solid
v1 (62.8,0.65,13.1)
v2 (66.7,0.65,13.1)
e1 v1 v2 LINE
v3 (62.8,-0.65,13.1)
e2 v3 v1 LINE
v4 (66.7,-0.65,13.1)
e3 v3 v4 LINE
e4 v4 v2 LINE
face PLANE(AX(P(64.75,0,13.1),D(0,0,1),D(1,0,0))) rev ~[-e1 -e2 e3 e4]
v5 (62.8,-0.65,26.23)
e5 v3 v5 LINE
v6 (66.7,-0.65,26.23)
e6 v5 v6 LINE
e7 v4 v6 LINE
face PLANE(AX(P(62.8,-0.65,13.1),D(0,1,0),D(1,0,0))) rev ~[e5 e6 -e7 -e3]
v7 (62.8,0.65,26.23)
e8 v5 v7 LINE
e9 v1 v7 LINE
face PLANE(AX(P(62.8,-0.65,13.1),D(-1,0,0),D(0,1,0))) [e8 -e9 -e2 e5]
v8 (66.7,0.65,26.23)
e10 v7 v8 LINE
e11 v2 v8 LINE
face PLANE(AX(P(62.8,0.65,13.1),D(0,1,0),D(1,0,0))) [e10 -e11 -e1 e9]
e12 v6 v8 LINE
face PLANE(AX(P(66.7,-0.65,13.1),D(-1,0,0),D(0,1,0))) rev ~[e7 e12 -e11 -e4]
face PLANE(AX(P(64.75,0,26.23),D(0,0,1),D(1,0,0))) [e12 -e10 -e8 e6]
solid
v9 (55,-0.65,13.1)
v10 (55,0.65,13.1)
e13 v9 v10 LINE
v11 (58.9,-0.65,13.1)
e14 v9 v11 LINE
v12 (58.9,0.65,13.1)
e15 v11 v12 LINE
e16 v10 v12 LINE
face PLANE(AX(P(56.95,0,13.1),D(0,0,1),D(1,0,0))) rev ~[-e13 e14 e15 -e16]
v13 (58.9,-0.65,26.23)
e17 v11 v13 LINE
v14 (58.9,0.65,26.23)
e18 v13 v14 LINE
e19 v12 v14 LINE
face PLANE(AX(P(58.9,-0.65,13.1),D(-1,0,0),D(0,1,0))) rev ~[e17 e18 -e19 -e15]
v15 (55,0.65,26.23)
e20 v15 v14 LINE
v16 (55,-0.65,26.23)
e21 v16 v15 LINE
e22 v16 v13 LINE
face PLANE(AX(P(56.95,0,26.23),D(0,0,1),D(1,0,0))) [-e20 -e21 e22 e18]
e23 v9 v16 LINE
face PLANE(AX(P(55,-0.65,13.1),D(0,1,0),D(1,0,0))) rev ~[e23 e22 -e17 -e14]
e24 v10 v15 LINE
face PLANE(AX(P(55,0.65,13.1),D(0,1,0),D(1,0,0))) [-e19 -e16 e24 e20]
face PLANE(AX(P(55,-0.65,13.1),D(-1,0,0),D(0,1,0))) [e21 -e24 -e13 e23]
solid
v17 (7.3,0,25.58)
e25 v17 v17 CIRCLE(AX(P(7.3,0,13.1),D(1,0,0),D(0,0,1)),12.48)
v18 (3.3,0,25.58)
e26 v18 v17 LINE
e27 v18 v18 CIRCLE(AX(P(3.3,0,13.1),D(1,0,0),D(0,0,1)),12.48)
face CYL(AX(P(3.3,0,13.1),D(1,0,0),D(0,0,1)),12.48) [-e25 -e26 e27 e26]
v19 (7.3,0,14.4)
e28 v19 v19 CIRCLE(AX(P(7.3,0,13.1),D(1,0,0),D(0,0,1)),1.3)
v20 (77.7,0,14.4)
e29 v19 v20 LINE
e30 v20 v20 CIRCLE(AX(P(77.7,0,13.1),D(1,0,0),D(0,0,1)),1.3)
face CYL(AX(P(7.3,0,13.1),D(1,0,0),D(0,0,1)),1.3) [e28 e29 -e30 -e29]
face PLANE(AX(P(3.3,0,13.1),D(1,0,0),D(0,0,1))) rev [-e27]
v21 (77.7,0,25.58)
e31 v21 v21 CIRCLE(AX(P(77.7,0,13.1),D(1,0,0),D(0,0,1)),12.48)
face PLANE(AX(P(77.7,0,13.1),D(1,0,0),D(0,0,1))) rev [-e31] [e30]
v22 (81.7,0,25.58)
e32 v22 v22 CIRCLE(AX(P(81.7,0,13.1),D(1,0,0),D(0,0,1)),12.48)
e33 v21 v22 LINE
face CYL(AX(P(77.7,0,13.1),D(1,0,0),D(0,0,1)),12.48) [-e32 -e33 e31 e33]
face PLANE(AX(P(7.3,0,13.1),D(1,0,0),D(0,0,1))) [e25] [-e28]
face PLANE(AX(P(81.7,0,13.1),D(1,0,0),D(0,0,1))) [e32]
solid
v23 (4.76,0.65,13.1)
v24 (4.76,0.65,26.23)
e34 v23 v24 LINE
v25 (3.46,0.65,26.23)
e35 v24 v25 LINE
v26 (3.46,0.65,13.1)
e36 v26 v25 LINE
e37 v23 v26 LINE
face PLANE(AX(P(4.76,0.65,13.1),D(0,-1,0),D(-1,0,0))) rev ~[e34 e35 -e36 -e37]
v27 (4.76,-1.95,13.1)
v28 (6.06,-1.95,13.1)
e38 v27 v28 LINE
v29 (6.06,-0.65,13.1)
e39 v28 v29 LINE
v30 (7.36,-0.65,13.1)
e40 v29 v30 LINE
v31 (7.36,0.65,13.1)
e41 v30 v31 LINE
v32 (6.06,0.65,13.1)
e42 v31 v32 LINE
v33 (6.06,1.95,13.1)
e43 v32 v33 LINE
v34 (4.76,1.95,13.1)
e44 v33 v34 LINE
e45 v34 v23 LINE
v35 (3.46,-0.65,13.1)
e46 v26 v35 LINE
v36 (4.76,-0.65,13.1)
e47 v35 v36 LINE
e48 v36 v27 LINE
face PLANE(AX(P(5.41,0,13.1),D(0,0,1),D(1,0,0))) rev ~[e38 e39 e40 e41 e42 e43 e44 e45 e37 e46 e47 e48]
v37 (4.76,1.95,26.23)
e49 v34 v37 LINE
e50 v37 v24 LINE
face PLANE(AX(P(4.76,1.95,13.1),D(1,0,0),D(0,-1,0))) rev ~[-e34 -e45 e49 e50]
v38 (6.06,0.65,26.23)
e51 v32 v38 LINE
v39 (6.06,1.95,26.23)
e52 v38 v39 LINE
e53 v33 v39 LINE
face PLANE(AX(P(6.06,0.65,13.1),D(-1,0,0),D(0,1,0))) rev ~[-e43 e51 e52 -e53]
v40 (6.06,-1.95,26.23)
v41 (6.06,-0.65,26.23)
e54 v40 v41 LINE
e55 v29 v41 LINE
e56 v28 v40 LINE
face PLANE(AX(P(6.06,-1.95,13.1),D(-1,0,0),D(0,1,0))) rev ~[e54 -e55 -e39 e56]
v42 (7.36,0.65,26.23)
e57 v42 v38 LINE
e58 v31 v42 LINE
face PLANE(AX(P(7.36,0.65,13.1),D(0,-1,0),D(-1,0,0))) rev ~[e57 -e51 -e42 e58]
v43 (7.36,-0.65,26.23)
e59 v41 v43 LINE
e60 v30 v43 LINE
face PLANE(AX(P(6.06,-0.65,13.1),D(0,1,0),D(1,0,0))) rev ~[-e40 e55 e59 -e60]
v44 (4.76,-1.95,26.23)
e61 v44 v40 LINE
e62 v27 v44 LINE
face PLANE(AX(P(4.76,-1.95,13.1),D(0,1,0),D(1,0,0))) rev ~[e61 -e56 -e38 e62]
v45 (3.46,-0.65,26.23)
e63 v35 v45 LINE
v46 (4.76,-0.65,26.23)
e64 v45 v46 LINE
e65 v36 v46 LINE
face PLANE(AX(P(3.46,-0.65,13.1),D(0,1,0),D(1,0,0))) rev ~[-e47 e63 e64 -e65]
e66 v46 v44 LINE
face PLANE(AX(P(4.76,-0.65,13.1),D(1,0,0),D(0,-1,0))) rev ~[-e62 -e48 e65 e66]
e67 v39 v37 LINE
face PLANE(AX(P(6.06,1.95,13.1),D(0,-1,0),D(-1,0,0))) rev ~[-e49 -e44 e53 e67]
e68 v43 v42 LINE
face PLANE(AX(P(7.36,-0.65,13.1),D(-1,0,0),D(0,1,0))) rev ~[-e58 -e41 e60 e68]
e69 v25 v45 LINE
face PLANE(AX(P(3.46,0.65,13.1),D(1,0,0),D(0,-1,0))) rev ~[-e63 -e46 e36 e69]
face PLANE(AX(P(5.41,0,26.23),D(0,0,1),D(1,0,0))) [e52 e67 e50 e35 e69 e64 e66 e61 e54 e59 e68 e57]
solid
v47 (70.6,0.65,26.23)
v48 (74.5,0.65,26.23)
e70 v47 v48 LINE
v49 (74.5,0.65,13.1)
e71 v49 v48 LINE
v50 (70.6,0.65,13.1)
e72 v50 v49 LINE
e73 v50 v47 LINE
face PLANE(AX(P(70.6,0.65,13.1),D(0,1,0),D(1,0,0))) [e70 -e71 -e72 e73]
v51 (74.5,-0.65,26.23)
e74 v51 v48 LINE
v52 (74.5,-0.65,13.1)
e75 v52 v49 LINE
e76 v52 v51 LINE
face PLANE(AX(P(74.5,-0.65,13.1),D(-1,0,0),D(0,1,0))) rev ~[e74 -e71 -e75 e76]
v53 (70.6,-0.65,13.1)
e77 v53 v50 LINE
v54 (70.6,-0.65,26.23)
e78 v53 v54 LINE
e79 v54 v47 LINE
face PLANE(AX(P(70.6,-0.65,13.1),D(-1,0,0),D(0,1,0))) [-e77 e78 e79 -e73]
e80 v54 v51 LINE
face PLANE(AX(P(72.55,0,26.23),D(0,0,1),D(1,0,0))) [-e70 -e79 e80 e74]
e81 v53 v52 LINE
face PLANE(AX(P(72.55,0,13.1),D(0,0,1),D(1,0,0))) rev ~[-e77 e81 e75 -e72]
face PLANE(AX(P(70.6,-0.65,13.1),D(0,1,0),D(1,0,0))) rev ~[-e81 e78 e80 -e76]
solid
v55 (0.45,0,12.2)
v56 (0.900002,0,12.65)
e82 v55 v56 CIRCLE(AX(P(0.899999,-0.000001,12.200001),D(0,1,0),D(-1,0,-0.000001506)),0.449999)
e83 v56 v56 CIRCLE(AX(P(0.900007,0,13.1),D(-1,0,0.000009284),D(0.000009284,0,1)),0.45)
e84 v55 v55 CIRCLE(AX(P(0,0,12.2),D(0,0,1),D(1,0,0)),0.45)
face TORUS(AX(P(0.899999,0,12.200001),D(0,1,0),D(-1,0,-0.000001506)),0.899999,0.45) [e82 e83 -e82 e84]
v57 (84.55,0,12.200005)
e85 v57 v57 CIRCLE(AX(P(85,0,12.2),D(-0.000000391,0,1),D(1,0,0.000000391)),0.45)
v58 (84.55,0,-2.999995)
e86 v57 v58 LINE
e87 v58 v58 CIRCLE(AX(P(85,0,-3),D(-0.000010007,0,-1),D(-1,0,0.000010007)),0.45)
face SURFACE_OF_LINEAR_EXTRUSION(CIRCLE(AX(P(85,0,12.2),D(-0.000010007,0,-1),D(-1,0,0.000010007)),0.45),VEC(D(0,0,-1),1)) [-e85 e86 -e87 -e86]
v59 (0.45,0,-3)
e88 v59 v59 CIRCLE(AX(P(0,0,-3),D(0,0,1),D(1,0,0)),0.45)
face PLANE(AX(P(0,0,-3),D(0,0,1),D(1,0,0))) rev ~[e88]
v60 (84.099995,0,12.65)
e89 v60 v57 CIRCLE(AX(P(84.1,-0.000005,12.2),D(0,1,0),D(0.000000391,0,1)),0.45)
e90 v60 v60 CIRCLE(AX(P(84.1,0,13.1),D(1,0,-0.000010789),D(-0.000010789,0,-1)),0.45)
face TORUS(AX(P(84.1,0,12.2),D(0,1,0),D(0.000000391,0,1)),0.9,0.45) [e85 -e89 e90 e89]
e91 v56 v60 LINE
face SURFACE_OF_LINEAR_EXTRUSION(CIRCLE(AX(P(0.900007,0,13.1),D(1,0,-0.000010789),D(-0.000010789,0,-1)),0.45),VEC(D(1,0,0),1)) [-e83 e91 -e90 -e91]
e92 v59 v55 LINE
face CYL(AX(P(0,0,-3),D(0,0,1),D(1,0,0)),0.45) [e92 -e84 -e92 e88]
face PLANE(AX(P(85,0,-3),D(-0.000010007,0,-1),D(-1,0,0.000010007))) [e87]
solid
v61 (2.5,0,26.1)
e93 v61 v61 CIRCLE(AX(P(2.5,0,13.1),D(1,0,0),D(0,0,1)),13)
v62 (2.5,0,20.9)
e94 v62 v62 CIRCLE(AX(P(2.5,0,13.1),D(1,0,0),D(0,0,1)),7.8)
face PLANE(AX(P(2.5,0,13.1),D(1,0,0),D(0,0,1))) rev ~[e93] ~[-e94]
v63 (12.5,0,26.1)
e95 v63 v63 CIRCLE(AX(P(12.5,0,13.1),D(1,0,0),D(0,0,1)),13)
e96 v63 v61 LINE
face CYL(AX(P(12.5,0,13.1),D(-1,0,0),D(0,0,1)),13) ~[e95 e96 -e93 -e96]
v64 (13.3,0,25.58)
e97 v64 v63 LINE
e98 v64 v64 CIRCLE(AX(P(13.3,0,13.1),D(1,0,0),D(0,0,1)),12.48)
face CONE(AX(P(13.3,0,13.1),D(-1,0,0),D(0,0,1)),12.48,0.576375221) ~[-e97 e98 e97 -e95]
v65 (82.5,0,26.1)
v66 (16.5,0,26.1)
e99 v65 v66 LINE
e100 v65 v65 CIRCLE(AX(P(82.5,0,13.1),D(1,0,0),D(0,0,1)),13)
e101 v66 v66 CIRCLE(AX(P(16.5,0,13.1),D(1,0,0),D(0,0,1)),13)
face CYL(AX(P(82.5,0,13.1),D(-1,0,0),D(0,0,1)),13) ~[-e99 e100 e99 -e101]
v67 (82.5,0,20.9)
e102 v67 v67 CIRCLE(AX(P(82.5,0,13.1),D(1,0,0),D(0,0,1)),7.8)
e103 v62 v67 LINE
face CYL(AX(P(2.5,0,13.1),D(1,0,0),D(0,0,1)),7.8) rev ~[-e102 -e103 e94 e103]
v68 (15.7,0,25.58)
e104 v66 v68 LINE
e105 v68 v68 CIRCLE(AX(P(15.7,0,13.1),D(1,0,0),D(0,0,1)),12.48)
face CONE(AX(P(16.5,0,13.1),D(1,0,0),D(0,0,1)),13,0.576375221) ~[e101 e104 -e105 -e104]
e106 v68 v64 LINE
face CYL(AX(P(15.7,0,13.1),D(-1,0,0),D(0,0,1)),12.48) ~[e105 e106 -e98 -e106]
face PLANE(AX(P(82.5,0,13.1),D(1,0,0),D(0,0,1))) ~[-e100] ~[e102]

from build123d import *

# Parameters (mm, degrees)
SKETCH_R    = 0.45
SKETCH004_W = 3.9
SKETCH004_H = 1.3
PAD_DEPTH   = 13.13


with BuildPart() as sweep_body:
    # Sweep: sweep along a path in Sketch001
    with BuildLine(Plane.XZ) as sweep_path:
        Line((0, -3), (0, 12.2))
        ThreePointArc((0, 12.2), (0.263606, 12.836399), (0.900007, 13.1))
        Line((0.900007, 13.1), (84.1, 13.1))
        ThreePointArc((84.1, 13.1), (84.736396, 12.836396), (85, 12.2))
        Line((85, 12.2), (85, -3))
    # Sketch → Sweep (sweep)
    with BuildSketch(Plane.XY.offset(-2)):
        Circle(SKETCH_R)
    sweep(path=sweep_path.line)


with BuildPart() as revolution:
    # Sketch002 → Revolution (revolve)
    with BuildSketch(Plane.XZ):
        Polygon((2.5, 26.1), (2.5, 20.9), (82.5, 20.9), (82.5, 26.1), (16.5, 26.1), (15.7, 25.58), (13.3, 25.58), (12.5, 26.1), align=None)
    revolve(axis=Axis((6.97588, 0, 13.1), (1, 0, 0)))


with BuildPart() as revolution001:
    # Sketch003 → Revolution001 (revolve)
    with BuildSketch(Plane.XZ):
        Polygon((3.3, 25.58), (7.3, 25.58), (7.3, 14.4), (77.7, 14.4), (77.7, 25.58), (81.7, 25.58), (81.7, 13.1), (3.3, 13.1), align=None)
    revolve(axis=Axis((6.97588, 0, 13.1), (1, 0, 0)))


with BuildPart() as pad:
    # Sketch004 → Pad (new body)
    with BuildSketch(Plane.XY.offset(13.1)):
        with Locations((72.55, 0)):
            Rectangle(SKETCH004_W, SKETCH004_H)
        with Locations((64.75, 0)):
            Rectangle(SKETCH004_W, SKETCH004_H)
        with Locations((56.95, 0)):
            Rectangle(SKETCH004_W, SKETCH004_H)
        Polygon((4.76, 0.65), (3.46, 0.65), (3.46, -0.65), (4.76, -0.65), (4.76, -1.95), (6.06, -1.95), (6.06, -0.65), (7.36, -0.65), (7.36, 0.65), (6.06, 0.65), (6.06, 1.95), (4.76, 1.95), align=None)
    extrude(amount=PAD_DEPTH)


solid = Compound([sweep_body.part, revolution.part, revolution001.part, pad.part])
